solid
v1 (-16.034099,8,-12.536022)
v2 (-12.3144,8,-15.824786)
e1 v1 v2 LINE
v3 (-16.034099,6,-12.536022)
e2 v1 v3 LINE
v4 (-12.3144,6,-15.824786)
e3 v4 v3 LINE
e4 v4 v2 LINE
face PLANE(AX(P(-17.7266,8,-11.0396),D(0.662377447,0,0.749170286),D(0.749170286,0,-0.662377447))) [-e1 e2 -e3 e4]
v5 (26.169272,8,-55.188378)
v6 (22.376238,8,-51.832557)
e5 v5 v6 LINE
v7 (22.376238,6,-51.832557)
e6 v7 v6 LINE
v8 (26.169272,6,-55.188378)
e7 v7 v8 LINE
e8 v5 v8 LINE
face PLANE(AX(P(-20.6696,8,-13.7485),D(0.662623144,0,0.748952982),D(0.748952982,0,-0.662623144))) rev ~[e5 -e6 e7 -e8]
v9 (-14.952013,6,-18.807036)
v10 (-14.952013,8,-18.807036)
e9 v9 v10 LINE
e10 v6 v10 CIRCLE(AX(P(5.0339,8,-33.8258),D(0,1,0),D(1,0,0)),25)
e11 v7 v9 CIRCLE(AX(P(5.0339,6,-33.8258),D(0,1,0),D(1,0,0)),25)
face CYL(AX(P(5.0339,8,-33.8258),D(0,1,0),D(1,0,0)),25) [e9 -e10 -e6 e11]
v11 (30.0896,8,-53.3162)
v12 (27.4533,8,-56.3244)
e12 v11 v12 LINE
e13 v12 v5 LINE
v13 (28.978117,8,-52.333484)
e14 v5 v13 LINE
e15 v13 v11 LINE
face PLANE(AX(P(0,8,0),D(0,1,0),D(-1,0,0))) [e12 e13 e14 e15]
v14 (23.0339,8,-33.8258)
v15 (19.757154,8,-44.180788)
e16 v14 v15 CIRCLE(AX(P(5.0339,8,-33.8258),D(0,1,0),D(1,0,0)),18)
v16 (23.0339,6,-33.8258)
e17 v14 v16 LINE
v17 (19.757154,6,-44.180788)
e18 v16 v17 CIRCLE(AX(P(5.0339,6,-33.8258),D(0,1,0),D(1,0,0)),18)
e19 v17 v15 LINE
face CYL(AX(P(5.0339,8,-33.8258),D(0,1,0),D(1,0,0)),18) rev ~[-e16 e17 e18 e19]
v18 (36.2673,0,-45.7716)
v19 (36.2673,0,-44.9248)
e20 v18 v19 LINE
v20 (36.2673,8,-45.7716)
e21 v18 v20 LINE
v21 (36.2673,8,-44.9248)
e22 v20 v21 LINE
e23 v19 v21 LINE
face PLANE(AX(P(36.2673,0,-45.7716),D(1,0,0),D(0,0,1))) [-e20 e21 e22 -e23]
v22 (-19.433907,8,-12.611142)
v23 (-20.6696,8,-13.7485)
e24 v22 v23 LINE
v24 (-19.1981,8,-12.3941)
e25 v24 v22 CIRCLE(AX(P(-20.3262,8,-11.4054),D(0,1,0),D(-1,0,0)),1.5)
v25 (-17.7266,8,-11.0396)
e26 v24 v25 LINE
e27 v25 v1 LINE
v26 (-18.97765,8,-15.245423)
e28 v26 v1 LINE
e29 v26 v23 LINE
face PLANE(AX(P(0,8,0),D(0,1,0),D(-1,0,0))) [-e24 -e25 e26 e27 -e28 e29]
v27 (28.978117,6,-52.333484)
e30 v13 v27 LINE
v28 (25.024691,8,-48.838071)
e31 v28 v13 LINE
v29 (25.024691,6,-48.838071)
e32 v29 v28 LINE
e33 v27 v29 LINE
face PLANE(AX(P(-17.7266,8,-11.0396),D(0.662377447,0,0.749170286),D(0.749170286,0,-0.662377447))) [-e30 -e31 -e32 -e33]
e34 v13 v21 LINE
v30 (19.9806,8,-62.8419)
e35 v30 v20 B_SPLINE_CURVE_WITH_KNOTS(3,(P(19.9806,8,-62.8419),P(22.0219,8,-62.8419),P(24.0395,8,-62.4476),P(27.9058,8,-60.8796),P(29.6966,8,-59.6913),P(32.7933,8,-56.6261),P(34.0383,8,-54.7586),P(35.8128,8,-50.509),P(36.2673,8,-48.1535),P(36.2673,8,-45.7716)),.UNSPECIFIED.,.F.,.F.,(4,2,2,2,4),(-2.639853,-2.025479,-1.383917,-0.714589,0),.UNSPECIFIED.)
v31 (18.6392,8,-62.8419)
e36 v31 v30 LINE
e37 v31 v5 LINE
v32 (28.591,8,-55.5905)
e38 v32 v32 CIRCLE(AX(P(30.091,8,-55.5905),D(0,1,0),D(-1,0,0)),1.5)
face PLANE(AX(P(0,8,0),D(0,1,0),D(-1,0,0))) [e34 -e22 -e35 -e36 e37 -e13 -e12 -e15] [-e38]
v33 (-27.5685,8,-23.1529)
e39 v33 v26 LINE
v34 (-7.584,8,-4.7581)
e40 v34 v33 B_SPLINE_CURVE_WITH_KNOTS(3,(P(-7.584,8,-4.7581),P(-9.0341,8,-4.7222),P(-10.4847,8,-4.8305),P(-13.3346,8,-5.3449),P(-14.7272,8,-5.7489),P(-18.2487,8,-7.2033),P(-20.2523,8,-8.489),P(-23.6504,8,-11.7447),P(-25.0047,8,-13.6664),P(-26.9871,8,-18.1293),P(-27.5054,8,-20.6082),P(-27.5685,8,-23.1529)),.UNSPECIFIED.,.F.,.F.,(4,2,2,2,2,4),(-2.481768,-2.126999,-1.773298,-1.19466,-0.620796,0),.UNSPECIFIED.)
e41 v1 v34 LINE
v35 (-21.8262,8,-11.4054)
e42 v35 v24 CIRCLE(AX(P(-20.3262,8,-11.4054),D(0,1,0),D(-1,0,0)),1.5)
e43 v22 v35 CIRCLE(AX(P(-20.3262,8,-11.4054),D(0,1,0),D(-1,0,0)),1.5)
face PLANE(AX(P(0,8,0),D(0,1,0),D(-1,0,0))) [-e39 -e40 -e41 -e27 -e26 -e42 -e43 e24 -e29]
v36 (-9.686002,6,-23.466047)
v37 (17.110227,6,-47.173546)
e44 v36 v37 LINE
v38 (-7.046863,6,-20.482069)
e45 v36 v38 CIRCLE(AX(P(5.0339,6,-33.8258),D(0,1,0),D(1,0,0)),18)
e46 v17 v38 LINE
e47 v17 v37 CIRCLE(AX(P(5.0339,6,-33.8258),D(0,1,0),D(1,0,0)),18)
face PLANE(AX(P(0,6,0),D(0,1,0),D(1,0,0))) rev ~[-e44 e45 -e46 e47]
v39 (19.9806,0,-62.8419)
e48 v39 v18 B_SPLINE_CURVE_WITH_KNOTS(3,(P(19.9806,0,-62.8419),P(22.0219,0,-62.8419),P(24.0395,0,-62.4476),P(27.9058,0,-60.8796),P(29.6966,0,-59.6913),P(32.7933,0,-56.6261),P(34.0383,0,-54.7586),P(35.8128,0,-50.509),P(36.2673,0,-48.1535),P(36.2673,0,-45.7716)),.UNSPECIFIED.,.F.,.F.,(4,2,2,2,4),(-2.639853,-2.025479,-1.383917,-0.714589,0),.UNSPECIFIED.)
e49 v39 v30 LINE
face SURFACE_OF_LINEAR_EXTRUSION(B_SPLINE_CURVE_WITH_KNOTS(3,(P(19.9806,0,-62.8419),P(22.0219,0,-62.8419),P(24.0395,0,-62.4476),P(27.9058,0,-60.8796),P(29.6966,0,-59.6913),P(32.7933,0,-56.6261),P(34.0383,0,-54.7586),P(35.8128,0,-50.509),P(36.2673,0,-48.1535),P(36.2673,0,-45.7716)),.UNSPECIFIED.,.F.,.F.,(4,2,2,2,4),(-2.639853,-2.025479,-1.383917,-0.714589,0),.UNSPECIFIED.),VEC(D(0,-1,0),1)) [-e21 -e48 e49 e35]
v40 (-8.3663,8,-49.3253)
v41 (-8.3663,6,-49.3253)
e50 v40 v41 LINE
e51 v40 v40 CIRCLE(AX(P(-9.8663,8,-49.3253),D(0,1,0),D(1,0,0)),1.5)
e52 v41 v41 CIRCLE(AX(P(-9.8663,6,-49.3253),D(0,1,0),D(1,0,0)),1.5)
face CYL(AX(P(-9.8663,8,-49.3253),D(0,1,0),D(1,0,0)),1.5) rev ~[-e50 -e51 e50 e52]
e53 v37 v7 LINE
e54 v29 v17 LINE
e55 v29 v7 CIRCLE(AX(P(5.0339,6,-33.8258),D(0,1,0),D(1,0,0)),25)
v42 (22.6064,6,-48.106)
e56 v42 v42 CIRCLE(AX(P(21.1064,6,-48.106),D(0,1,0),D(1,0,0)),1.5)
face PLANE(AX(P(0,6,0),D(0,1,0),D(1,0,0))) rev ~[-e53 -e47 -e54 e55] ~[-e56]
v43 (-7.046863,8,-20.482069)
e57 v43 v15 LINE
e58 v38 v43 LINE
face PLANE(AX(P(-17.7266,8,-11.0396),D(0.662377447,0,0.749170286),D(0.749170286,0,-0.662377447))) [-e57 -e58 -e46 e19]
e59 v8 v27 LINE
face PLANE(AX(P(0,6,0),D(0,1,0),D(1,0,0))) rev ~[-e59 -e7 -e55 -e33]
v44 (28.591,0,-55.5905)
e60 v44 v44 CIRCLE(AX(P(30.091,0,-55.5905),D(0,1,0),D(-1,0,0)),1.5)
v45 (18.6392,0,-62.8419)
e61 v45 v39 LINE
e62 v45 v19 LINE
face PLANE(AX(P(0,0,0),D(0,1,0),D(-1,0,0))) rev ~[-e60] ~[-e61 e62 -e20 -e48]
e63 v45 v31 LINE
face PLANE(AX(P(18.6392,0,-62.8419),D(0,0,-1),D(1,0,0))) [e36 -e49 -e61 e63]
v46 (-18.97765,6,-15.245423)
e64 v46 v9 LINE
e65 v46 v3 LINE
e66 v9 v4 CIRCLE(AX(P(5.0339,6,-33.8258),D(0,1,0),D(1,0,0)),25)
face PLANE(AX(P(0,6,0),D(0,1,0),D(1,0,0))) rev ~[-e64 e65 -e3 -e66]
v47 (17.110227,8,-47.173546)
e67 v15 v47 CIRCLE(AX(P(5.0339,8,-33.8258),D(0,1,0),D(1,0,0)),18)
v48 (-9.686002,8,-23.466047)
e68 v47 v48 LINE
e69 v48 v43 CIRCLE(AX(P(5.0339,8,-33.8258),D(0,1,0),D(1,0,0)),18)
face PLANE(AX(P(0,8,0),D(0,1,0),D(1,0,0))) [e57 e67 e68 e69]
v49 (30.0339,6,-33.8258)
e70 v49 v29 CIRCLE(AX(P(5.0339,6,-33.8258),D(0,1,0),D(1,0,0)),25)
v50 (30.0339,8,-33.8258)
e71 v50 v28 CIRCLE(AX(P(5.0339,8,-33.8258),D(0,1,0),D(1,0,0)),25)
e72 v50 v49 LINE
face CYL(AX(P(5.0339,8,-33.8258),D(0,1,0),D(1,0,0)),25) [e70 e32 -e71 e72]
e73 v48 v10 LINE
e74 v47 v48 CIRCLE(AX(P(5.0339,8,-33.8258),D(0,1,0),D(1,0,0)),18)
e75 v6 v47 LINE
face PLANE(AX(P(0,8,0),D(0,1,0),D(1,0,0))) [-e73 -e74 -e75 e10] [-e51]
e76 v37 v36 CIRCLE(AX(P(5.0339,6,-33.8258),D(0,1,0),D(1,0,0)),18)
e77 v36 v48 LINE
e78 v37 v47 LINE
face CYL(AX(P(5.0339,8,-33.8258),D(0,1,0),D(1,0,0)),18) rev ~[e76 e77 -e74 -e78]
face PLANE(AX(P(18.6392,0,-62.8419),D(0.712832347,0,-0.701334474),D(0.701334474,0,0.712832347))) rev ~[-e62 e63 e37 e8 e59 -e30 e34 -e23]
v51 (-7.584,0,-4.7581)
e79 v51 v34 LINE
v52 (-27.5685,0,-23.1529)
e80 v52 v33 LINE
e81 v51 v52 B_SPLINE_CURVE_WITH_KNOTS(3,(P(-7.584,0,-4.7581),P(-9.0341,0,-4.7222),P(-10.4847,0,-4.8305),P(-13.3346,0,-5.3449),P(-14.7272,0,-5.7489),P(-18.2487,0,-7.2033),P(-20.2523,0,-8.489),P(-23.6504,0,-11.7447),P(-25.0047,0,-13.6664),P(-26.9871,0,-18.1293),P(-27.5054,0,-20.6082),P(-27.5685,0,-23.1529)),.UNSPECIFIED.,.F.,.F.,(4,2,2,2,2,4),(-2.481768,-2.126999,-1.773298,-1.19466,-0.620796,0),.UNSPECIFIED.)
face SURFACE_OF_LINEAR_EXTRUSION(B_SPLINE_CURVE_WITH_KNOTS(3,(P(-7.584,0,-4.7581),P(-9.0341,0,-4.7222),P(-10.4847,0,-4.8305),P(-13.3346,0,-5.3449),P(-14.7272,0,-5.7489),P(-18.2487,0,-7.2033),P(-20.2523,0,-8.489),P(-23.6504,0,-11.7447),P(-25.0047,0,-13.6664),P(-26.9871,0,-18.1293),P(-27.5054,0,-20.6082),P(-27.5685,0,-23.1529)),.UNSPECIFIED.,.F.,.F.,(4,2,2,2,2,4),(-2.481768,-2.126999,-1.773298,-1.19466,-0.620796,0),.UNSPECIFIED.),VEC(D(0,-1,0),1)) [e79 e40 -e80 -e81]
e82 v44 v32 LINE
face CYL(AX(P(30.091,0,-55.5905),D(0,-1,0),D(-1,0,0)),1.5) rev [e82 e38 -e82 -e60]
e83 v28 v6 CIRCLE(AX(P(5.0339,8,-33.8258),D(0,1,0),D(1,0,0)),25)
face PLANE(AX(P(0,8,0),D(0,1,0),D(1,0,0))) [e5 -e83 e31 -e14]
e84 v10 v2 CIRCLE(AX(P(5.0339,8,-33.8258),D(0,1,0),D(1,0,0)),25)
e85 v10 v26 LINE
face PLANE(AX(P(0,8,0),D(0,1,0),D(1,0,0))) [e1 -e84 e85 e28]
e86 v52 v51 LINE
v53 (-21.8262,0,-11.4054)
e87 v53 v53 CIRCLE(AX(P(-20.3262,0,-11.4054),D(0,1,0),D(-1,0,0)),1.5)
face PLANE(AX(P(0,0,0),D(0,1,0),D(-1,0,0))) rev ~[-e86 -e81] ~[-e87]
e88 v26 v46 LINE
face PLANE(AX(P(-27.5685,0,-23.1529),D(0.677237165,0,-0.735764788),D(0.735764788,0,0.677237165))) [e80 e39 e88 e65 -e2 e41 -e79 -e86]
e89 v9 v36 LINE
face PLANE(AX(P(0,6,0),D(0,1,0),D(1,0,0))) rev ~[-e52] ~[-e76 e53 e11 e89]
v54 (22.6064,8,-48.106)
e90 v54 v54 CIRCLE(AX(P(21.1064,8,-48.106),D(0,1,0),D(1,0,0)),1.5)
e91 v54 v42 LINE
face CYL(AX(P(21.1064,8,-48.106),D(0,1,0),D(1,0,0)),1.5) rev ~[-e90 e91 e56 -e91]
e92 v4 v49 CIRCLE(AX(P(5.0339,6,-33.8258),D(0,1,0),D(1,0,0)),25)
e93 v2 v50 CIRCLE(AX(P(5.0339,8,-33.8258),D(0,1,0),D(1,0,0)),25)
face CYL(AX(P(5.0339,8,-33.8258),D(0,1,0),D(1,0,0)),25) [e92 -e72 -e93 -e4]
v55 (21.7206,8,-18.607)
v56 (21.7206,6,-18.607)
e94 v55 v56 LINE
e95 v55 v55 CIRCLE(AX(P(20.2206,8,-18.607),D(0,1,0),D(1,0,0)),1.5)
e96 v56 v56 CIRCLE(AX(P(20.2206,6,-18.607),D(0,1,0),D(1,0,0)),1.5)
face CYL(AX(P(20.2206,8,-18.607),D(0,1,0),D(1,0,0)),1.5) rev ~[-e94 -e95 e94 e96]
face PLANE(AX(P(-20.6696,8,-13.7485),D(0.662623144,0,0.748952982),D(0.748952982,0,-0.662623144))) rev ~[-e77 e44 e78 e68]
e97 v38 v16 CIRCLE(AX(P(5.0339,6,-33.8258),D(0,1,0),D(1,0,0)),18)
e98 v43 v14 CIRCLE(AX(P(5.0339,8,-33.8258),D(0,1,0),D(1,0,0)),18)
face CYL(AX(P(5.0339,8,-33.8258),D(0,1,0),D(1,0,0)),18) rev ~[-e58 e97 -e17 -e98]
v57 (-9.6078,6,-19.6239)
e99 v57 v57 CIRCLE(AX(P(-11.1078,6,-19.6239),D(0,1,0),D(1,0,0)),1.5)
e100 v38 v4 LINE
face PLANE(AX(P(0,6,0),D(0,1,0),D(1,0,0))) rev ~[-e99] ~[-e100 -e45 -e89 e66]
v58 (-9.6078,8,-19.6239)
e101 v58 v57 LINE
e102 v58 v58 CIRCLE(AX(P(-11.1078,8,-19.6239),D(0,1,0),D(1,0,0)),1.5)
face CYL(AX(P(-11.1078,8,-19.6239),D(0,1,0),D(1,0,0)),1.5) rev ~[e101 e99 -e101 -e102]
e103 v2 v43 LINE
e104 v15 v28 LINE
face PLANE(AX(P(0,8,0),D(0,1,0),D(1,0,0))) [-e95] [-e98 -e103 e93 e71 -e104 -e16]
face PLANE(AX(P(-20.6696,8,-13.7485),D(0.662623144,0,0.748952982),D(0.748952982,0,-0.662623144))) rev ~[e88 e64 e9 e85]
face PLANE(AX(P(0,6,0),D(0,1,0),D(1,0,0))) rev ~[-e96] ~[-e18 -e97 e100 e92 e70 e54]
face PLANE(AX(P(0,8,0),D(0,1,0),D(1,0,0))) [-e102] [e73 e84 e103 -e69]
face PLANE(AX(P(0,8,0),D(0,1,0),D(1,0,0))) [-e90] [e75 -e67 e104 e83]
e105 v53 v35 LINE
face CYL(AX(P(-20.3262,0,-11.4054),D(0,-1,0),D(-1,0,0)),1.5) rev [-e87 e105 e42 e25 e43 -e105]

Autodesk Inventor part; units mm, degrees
ref_plane "YZ Plane" through (0, 0, 0) normal (1, 0, 0) x (0, 1, 0)
ref_plane "XZ Plane" through (0, 0, 0) normal (0, 1, 0) x (-1, 0, 0)
ref_plane "XY Plane" through (0, 0, 0) normal (0, 0, 1) x (1, 0, 0)
sketch "Sketch1" plane through (0, 0, 0) normal (0, 1, 0) x (-1, 0, 0)
  line L0 (27.5685, -23.1529) -> (7.584, -4.7581)
  line L1 (27.5685, -23.1529) -> (7.584, -4.7581)
  spline S0 degree 3 poles (7.584, -4.7581) (9.0341, -4.7222) (10.4847, -4.8305) (13.3346, -5.3449) (14.7272, -5.7489) (18.2487, -7.2033) (20.2523, -8.489) (23.6504, -11.7447) (25.0047, -13.6664) (26.9871, -18.1293) (27.5054, -20.6082) (27.5685, -23.1529) knots -2.481768 -2.481768 -2.481768 -2.481768 -2.126999 -2.126999 -1.773298 -1.773298 -1.19466 -1.19466 -0.620796 -0.620796 0 0 0 0
  circle A0 centre (20.3262, -11.4054) radius 1.5
  line L2 (-36.2673, -45.7716) -> (-36.2673, -44.9248)
  spline S1 degree 3 poles (-19.9806, -62.8419) (-22.0219, -62.8419) (-24.0395, -62.4476) (-27.9058, -60.8796) (-29.6966, -59.6913) (-32.7933, -56.6261) (-34.0383, -54.7586) (-35.8128, -50.509) (-36.2673, -48.1535) (-36.2673, -45.7716) knots -2.639853 -2.639853 -2.639853 -2.639853 -2.025479 -2.025479 -1.383917 -1.383917 -0.714589 -0.714589 0 0 0 0
  line L3 (-18.6392, -62.8419) -> (-19.9806, -62.8419)
  line L4 (-18.6392, -62.8419) -> (-36.2673, -44.9248)
  circle A1 centre (-30.091, -55.5905) radius 1.5
  point P0 (0, 0)
  point P1 (4.2097, 0)
extrude "Extrusion1" add sketch "Sketch1" along normal blind 8
sketch "Sketch2" plane through (0, 8, 0) normal (0, 1, 0) x (1, 0, 0)
  circle A0 centre (-20.3262, 11.4054) radius 1.5 projected
  circle A1 centre (30.091, 55.5905) radius 1.5 projected
  line L0 (-19.1981, 12.3941) -> (-17.7266, 11.0396)
  line L1 (-7.584, 4.7581) -> (-27.5685, 23.1529) projected
  line L2 (-17.7266, 11.0396) -> (-20.6696, 13.7485)
  line L3 (-20.6696, 13.7485) -> (27.4533, 56.3244)
  line L4 (27.4533, 56.3244) -> (30.0896, 53.3162)
  line L5 (-17.7266, 11.0396) -> (30.0896, 53.3162)
  point P0 (0, 0)
  dimension "d2" = 2
  dimension "d3" = 4
  dimension "d4" = 4
extrude "Extrusion2" add sketch "Sketch2" against normal blind 2 contours L2 A0 | A0 L2 L3 L1 L5 L0 | L1 L3 L4 L5 picked at (-19.3013, 12.4925)
sketch "Sketch3" plane through (0, 8, 0) normal (0, 1, 0) x (1, 0, 0)
  circle A0 centre (5.0339, 33.8258) radius 25
  circle A1 centre (5.0339, 33.8258) radius 18
  circle A2 centre (-11.1078, 19.6239) radius 1.5
  circle A3 centre (-9.8663, 49.3253) radius 1.5
  circle A4 centre (20.2206, 18.607) radius 1.5
  circle A5 centre (21.1064, 48.106) radius 1.5
  point P0 (0, 0)
  dimension "d9" = 3
  dimension "d10" = 3
  dimension "d11" = 3
  dimension "d12" = 3
extrude "Extrusion3" add sketch "Sketch3" against normal blind 2
sketch "Sketch4" plane through (0, 8, 0) normal (0, 1, 0) x (1, 0, 0)
  circle A0 centre (5.0339, 33.8258) radius 25
  circle A1 centre (5.0339, 33.8258) radius 18
  circle A2 centre (-11.1078, 19.6239) radius 1.5
  circle A3 centre (-9.8663, 49.3253) radius 1.5
  circle A4 centre (20.2206, 18.607) radius 1.5
  circle A5 centre (21.1064, 48.106) radius 1.5
  point P0 (0, 0)
  point P1 (0, 0)
  dimension "d15" = 3
  dimension "d16" = 3
  dimension "d17" = 3
  dimension "d18" = 3
extrude "Extrusion4" cut sketch "Sketch4" against normal blind 2 contours A2 | A5
properties part number "SoporteAnilloRGB"
